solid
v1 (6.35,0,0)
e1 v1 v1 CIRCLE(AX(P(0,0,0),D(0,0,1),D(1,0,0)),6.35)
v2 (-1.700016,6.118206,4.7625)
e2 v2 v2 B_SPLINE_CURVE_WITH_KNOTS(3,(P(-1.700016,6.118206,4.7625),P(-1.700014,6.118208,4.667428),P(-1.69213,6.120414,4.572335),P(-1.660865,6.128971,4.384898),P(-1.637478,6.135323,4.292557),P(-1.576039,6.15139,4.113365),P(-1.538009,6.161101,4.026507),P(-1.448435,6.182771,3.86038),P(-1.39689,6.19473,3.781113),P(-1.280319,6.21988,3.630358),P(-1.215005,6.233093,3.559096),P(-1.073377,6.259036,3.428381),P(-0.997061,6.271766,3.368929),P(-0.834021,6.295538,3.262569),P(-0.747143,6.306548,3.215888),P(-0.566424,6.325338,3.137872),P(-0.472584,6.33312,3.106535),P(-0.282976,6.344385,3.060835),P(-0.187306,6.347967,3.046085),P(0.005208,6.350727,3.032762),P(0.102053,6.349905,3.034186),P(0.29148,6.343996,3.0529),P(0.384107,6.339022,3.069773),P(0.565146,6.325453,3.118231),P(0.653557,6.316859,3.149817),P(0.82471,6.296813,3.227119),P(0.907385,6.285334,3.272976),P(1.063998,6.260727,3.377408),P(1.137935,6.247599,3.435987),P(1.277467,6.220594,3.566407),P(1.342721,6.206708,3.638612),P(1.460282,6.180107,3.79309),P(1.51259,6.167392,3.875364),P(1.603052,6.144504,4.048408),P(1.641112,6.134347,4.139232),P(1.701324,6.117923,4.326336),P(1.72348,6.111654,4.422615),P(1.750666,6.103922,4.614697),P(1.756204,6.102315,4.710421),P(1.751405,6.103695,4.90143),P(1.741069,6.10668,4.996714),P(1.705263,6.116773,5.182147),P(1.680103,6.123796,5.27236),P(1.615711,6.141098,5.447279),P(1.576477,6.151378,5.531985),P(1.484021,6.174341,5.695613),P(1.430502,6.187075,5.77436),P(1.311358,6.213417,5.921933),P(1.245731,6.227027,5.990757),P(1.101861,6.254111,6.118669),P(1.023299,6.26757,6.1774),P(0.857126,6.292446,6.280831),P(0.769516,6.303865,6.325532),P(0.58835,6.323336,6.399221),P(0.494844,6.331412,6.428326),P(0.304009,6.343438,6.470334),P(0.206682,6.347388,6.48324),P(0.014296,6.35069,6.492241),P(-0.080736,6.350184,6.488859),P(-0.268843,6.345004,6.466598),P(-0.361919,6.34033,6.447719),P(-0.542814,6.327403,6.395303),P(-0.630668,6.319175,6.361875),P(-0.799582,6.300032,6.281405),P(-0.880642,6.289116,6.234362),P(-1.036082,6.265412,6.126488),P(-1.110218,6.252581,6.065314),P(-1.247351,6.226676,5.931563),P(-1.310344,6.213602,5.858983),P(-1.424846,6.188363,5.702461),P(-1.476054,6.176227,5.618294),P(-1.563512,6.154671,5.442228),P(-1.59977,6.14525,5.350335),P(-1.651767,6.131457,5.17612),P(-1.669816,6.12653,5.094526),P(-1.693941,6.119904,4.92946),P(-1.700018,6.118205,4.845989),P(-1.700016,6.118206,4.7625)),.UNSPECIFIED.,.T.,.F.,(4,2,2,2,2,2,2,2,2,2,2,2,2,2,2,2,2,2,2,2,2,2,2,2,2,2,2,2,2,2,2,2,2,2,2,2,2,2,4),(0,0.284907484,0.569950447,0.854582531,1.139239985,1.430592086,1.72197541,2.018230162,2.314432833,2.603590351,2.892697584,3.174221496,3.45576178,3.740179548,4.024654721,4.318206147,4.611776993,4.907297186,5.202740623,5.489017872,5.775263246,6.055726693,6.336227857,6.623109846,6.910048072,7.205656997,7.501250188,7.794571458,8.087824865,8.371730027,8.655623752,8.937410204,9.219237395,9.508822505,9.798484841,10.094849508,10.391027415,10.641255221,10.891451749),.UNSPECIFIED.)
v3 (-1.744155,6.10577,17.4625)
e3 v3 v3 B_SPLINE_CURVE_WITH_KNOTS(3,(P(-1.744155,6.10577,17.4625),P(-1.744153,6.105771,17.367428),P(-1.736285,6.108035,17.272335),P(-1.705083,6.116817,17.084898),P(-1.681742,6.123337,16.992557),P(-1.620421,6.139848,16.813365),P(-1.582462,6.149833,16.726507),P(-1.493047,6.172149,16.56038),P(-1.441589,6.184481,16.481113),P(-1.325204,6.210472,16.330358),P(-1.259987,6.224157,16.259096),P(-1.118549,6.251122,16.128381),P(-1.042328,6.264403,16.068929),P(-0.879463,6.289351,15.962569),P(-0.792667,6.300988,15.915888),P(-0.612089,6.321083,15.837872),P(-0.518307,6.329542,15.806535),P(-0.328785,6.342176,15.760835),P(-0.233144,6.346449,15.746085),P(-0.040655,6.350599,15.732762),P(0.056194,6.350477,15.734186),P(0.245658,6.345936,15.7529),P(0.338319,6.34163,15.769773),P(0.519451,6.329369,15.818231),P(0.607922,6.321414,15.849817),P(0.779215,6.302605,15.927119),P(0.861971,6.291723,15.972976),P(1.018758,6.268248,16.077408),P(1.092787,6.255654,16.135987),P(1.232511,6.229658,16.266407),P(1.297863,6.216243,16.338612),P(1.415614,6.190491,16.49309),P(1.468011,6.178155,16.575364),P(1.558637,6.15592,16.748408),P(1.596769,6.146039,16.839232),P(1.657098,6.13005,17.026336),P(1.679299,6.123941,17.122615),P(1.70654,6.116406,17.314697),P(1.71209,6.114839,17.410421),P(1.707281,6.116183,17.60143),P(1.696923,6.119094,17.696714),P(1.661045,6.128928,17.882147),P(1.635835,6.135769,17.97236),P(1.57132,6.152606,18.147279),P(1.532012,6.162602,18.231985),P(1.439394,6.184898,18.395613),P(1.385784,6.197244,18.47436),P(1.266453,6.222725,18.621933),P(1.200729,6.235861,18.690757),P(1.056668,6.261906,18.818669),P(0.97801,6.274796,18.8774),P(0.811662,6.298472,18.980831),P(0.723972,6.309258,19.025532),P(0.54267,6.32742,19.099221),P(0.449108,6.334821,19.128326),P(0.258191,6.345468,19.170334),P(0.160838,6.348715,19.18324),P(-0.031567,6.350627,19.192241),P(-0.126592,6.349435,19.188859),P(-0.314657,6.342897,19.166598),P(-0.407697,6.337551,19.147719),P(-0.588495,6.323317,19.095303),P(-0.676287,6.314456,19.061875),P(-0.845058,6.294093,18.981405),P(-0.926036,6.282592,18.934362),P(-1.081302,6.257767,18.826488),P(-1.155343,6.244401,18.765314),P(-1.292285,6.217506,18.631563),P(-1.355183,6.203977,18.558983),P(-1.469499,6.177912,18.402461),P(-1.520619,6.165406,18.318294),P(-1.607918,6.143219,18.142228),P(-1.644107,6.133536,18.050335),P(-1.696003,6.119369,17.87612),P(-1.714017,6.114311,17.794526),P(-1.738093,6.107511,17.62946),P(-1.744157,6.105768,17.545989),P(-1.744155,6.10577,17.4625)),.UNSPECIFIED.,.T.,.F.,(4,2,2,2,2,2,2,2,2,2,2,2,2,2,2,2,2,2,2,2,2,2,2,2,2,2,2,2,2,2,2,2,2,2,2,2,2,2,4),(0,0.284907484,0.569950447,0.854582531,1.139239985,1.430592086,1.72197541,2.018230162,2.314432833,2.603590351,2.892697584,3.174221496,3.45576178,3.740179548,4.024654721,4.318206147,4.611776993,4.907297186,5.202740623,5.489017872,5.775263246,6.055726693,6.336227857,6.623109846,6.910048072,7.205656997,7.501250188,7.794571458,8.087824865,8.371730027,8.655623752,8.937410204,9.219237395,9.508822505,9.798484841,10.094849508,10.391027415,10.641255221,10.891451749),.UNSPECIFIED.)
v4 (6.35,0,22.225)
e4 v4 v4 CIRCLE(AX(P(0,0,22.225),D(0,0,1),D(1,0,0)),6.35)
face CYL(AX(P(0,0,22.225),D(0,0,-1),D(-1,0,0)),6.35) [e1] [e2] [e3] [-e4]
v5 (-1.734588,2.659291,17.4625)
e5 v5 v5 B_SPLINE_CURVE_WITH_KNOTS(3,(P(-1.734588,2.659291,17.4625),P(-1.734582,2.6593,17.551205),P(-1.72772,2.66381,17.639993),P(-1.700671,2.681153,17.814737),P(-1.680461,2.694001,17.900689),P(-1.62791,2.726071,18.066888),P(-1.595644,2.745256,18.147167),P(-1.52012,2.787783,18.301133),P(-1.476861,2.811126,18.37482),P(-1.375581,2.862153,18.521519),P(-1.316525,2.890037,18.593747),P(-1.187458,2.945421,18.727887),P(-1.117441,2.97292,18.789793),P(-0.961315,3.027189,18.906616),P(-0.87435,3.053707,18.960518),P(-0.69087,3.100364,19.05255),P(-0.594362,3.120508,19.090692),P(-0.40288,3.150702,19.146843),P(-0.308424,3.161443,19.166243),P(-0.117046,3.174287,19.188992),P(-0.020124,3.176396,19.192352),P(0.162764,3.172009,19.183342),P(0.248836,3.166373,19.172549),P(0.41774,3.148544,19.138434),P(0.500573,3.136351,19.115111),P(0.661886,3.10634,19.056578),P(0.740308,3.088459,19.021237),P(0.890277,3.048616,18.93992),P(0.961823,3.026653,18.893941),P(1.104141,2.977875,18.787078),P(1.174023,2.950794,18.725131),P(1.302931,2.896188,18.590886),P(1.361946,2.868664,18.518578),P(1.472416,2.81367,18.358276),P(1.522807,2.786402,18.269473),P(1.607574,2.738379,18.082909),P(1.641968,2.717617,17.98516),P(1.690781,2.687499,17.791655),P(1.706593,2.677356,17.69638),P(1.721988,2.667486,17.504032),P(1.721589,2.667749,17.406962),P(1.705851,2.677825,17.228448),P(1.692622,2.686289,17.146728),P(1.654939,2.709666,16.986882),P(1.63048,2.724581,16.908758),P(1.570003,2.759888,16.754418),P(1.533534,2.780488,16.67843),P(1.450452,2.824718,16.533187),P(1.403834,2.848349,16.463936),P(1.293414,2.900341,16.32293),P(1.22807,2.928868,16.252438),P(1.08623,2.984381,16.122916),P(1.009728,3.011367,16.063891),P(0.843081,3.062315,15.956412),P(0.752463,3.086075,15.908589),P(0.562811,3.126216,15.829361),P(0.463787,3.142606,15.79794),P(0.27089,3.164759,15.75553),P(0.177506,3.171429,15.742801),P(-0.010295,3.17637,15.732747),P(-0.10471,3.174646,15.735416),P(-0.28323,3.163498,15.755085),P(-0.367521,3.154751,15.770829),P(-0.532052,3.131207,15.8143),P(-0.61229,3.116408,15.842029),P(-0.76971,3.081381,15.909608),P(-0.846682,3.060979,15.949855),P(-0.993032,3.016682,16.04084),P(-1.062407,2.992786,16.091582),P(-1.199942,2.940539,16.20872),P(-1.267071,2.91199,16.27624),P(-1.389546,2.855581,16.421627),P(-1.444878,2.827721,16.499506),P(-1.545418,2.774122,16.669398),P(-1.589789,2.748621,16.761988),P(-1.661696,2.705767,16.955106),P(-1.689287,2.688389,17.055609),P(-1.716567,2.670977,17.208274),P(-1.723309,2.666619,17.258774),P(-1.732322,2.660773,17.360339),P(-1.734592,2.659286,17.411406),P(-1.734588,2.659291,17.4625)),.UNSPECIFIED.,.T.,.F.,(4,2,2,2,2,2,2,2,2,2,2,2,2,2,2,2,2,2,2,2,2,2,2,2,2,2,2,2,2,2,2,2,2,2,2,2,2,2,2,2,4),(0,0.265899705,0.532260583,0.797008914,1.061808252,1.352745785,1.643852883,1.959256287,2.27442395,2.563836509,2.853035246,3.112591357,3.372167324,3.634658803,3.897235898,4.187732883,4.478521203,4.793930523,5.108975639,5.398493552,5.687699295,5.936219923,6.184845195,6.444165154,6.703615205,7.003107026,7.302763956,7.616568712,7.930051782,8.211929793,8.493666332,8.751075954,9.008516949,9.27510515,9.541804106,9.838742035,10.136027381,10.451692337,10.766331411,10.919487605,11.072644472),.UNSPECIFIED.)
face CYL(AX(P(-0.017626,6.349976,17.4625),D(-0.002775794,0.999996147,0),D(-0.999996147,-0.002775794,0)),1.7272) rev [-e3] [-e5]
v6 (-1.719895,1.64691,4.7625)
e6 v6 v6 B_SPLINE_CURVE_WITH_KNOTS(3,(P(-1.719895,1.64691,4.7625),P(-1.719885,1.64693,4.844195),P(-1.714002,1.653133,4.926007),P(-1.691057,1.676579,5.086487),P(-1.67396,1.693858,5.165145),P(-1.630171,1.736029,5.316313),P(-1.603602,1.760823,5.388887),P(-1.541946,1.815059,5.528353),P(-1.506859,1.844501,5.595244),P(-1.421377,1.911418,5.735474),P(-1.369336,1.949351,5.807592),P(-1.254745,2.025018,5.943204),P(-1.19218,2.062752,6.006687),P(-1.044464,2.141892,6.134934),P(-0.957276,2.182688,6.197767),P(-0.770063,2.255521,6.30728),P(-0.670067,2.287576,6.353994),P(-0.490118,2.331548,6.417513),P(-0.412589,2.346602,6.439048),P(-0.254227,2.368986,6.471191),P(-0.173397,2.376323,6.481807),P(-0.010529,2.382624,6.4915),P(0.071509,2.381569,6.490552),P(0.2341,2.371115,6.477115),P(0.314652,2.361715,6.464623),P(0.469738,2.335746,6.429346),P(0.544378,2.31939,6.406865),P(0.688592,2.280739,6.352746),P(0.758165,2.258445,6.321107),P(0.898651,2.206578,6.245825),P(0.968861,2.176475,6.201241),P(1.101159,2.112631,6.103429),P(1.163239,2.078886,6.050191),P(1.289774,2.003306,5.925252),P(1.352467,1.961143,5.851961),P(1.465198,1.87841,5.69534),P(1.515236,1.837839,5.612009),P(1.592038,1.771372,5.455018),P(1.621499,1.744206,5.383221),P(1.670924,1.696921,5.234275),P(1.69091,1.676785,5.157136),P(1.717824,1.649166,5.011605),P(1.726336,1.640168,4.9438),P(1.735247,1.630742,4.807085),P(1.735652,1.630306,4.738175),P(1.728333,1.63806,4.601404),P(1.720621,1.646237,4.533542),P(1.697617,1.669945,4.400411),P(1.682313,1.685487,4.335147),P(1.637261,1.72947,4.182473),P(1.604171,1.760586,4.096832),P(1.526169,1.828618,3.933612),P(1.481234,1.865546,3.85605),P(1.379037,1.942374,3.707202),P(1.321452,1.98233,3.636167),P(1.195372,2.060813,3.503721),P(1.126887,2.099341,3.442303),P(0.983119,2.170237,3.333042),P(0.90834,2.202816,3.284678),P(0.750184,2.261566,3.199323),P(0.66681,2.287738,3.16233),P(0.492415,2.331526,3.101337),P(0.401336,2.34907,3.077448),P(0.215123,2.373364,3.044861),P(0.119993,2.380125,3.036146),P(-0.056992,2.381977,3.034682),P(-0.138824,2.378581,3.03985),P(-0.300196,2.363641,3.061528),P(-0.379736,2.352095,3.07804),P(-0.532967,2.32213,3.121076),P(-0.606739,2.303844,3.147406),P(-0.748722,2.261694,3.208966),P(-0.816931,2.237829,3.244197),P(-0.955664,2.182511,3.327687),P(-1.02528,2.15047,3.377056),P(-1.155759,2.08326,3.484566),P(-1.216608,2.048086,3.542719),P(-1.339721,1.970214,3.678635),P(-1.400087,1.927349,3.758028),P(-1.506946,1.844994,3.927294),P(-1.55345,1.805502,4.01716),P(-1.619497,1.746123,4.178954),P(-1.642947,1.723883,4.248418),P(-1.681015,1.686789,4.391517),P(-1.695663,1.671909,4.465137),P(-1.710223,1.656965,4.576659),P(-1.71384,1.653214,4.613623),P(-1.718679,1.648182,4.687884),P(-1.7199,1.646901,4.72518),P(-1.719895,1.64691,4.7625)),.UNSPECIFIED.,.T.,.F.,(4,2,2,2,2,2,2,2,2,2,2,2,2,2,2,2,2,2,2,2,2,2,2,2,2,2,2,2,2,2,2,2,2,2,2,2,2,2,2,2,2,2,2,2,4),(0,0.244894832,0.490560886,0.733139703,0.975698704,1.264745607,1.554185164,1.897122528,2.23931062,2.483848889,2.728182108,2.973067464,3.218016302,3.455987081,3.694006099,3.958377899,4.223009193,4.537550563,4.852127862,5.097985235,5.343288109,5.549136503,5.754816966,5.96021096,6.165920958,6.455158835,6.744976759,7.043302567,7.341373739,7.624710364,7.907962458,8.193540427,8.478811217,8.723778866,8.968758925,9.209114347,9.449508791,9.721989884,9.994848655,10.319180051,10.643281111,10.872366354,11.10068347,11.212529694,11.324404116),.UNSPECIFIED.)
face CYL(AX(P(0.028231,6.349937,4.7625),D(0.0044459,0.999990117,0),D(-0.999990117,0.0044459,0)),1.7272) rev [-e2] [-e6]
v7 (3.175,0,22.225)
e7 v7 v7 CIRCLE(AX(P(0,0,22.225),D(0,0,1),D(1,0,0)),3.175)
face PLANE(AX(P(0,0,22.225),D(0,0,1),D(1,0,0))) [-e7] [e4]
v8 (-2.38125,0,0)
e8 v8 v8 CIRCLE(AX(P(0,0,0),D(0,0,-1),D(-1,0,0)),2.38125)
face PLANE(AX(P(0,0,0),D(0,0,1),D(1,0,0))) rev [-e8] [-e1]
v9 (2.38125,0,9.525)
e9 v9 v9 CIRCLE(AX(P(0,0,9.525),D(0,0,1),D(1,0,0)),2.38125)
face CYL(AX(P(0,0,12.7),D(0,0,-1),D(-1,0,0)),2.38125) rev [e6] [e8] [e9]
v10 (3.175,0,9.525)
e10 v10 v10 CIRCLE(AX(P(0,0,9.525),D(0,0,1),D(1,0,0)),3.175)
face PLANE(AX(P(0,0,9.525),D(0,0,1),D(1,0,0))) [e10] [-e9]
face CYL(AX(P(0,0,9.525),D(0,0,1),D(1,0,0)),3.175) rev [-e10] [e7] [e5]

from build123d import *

# Parameters (mm, degrees)
SKETCH1_R                           = 6.35
BOSS_EXTRUDE1_DEPTH                 = 22.225
SKETCH2_R                           = 3.175
THICK_DEPTH                         = 12.7
SKETCH3_R                           = 2.38125
THIN_DEPTH                          = 12.7
F_8_32_TAPPED_HOLE2_REACH           = 24.512
F_8_32_TAPPED_HOLE2_BORE_R          = 1.7272
F_8_32_TAPPED_HOLE2_ON_FACE_2_REACH = 24.515
F_8_32_TAPPED_HOLE2_BORE_2_R        = 1.7272


with BuildPart() as part:
    # Sketch1 → Boss-Extrude1 (new body)
    with BuildSketch(Plane.XY):
        Circle(SKETCH1_R)
    extrude(amount=BOSS_EXTRUDE1_DEPTH)

    # Sketch2 → Thick (cut)
    with BuildSketch(Plane.XY.offset(22.225)):
        Circle(SKETCH2_R)
    extrude(amount=-THICK_DEPTH, mode=Mode.SUBTRACT)

    # Sketch3 → Thin (cut)
    with BuildSketch(Plane(origin=(0, 0, 0), x_dir=(-1, 0, 0), z_dir=(0, 0, -1))):
        Circle(SKETCH3_R)
    extrude(amount=-THIN_DEPTH, mode=Mode.SUBTRACT)

    # #8-32 Tapped Hole2 bore (on position points) → #8-32 Tapped Hole2 (cut, up to next)
    with BuildSketch(Plane(origin=(-0.017626293, 6.349975536, 17.4625), x_dir=(0.999996147476, 0.002775794184, 0), z_dir=(-0.002775794184, 0.999996147476, 0)), mode=Mode.PRIVATE) as f_8_32_tapped_hole2_sk1:
        Circle(F_8_32_TAPPED_HOLE2_BORE_R)
    f_8_32_tapped_hole2_tool1 = extrude(f_8_32_tapped_hole2_sk1.sketch, amount=-F_8_32_TAPPED_HOLE2_REACH, mode=Mode.PRIVATE) & part.part
    add(f_8_32_tapped_hole2_tool1.solids().sort_by_distance((-0.017626, 6.349976, 17.4625))[0], mode=Mode.SUBTRACT)

    # #8-32 Tapped Hole2 bore 2 (on position points) → #8-32 Tapped Hole2 on face 2 (cut, up to next)
    with BuildSketch(Plane(origin=(0.028231467, 6.349937243, 4.7625), x_dir=(0.999990116491, -0.004446000518, 0), z_dir=(0.004446000518, 0.999990116491, 0)), mode=Mode.PRIVATE) as f_8_32_tapped_hole2_on_face_2_sk1:
        Circle(F_8_32_TAPPED_HOLE2_BORE_2_R)
    f_8_32_tapped_hole2_on_face_2_tool1 = extrude(f_8_32_tapped_hole2_on_face_2_sk1.sketch, amount=-F_8_32_TAPPED_HOLE2_ON_FACE_2_REACH, mode=Mode.PRIVATE) & part.part
    add(f_8_32_tapped_hole2_on_face_2_tool1.solids().sort_by_distance((0.028231, 6.349937, 4.7625))[0], mode=Mode.SUBTRACT)


solid = part.part
